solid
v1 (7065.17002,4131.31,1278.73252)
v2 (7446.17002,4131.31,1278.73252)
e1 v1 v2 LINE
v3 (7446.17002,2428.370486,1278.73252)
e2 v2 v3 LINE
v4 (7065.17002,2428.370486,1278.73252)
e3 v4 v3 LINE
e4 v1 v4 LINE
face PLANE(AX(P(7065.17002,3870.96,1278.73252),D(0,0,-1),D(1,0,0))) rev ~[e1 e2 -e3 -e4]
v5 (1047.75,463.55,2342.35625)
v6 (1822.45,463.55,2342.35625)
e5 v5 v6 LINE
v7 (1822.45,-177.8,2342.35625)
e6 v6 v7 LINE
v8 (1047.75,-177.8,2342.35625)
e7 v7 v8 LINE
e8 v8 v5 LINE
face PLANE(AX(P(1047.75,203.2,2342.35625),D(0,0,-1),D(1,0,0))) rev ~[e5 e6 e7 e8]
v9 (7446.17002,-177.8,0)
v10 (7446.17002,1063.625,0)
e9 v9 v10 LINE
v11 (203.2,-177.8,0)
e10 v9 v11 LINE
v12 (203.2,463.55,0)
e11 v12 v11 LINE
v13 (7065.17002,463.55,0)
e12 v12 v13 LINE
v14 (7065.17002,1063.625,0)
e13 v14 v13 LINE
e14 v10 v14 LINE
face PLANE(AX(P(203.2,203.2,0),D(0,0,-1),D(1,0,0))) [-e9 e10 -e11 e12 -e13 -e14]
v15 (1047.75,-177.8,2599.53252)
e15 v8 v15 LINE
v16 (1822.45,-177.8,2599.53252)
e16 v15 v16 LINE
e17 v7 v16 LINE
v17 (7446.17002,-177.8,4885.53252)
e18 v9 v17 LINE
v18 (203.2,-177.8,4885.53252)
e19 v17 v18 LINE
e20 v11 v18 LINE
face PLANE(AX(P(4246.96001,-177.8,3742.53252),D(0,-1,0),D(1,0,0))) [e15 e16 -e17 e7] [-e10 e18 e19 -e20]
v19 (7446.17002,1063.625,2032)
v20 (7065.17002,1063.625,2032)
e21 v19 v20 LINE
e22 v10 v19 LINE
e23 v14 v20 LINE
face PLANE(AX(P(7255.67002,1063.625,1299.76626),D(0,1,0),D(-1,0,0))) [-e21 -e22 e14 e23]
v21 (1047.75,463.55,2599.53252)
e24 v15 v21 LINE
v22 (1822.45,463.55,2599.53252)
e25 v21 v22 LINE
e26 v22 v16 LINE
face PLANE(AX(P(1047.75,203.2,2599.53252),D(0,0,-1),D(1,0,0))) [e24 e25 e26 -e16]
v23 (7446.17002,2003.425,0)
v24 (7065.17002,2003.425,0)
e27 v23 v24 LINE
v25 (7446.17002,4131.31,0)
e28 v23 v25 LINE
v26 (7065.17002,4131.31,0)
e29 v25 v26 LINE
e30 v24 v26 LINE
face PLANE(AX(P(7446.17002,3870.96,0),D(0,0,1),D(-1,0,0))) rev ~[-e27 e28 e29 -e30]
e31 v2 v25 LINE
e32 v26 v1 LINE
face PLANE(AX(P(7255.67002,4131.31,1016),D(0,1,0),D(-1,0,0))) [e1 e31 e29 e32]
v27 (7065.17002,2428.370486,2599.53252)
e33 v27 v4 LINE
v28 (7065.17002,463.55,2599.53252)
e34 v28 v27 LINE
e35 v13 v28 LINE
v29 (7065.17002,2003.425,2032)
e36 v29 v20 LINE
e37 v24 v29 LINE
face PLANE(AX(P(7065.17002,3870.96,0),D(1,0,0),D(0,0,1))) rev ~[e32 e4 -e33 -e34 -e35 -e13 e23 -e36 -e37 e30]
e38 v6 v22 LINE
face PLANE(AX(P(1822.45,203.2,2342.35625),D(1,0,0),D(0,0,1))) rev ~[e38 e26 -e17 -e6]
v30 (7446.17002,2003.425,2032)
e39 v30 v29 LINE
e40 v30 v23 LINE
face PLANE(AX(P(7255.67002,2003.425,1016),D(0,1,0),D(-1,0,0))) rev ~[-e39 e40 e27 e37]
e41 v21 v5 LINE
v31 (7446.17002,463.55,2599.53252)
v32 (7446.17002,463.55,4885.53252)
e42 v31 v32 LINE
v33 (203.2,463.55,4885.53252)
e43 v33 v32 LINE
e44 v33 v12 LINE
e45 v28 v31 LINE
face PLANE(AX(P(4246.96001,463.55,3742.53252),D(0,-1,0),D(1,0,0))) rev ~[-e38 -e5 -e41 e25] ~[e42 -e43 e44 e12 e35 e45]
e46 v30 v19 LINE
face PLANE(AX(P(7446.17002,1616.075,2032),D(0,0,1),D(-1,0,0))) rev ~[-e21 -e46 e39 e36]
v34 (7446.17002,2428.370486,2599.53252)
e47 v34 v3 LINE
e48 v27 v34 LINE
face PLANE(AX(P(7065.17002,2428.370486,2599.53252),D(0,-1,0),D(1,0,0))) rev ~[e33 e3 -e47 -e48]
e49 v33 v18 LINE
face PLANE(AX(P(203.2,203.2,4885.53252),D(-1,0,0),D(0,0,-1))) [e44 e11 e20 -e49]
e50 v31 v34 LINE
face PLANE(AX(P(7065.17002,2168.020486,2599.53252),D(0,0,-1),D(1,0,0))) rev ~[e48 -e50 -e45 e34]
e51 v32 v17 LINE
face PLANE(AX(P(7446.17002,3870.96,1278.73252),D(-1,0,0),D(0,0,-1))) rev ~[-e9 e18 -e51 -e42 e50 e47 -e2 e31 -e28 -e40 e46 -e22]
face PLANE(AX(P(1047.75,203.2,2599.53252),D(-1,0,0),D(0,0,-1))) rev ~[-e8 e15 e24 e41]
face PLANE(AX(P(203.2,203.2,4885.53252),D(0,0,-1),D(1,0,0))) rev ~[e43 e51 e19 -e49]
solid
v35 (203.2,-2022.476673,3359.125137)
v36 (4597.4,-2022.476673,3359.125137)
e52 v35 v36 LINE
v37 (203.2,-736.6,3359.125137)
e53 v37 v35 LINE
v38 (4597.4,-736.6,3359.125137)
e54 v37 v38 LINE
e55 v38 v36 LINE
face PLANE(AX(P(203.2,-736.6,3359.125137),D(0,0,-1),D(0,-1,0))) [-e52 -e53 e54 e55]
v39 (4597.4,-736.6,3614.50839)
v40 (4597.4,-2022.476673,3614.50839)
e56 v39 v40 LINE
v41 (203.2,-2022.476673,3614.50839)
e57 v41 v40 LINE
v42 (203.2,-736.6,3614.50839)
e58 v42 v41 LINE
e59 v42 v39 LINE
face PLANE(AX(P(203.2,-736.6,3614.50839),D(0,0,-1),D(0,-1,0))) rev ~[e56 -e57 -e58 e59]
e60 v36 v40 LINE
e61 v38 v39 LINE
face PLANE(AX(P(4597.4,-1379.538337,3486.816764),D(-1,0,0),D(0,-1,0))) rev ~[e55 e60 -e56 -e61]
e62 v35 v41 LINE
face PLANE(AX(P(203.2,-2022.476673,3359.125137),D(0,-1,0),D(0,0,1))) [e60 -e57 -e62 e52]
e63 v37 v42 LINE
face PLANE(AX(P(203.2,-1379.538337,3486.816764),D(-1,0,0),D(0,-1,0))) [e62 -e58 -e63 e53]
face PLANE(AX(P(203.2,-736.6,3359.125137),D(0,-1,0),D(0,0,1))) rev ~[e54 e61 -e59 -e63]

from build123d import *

# Parameters (mm, degrees)
F0_W      = 7268.37002
F0_H      = 4074.32002
F0_W_2    = 6861.97002
F0_H_2    = 3667.92002
F1_DEPTH  = 2599.53252
F2_W      = 431.8
F2_H      = 133.35
F3_DEPTH  = 203.2
F4_W      = 304.8
F4_H      = 254
F5_DEPTH  = 203.2
F6_DEPTH  = 381
F7_DEPTH  = 254
F8_DEPTH  = 106.68
F9_DEPTH  = 38.1
F10_DEPTH = 17.14627
F11_W     = 914.4
F11_H     = 2082.8
F12_DEPTH = 203.2
F13_DEPTH = 177.8
F14_DEPTH = 203.2
F15_DEPTH = 127
F16_DEPTH = 203.2
F17_DEPTH = 203.2
F18_DEPTH = 6861.97102
F19_DEPTH = 381
F20_W     = 381
F20_H     = 2599.53252
F21_DEPTH = 600.075
F22_W     = 381
F22_H     = 567.53252
F23_DEPTH = 812.8
F24_W     = 381
F24_H     = 2032
F24_H_2   = 567.53252
F25_DEPTH = 2254.885
F26_W     = 381
F26_H     = 1426.0795144653
F27_DEPTH = 1320.8
F28_DEPTH = 403.86
F29_DEPTH = 127
F30_DEPTH = 127
F31_DEPTH = 2286
F33_DEPTH = 381
F34_W     = 1285.8766731262
F34_H     = 255.3832530975
F35_DEPTH = 4394.2
F36_DEPTH = 260.35
F37_DEPTH = 260.35
F38_DEPTH = 260.35
F39_DEPTH = 260.35


with BuildPart() as f1:
    # F0 (on Top) → F1 (new body)
    with BuildSketch(Plane.XY):
        with Locations((3634.18501, 2037.16001)):
            Rectangle(F0_W, F0_H)
        with Locations((3634.18501, 2037.16001)):
            Rectangle(F0_W_2, F0_H_2, mode=Mode.SUBTRACT)
    extrude(amount=F1_DEPTH)

    # F2 (on Front) → F3 (cut)
    with BuildSketch(Plane.XZ):
        with Locations((1479.55, 2409.03125)):
            Rectangle(F2_W, F2_H)
    extrude(amount=-F3_DEPTH, mode=Mode.SUBTRACT)

    # F4 (on face) → F5 (cut)
    with BuildSketch(Plane(origin=(0, 203.2, 0), x_dir=(-1, 0, 0), z_dir=(0, 1, 0))):
        with Locations((-6077.74502, 2362.2)):
            Rectangle(F4_W, F4_H)
    extrude(amount=-F5_DEPTH, mode=Mode.SUBTRACT)

    # F6 (cut): a face of the model
    f6_faces = [f1.faces().sort_by_distance(p)[0] for p in [
        (1263.65, 101.6, 2409.03125),
    ]]
    extrude(f6_faces, amount=-F6_DEPTH, mode=Mode.SUBTRACT)

    # F7 (add, through all): a face of the model
    f7_faces = [f1.faces().sort_by_distance(p)[0] for p in [
        (6077.74502, 101.6, 2235.2),
    ]]
    extrude(f7_faces, amount=F7_DEPTH)

    # F8 (cut): a face of the model
    f8_faces = [f1.faces().sort_by_distance(p)[0] for p in [
        (1289.05, 101.6, 2475.70625),
    ]]
    extrude(f8_faces, amount=-F8_DEPTH, mode=Mode.SUBTRACT)

    # F9 (cut): a face of the model
    f9_faces = [f1.faces().sort_by_distance(p)[0] for p in [
        (882.65, 101.6, 2462.37125),
    ]]
    extrude(f9_faces, amount=-F9_DEPTH, mode=Mode.SUBTRACT)

    # F10 (cut, through all): a face of the model
    f10_faces = [f1.faces().sort_by_distance(p)[0] for p in [
        (1270, 101.6, 2582.38625),
    ]]
    extrude(f10_faces, amount=-F10_DEPTH, mode=Mode.SUBTRACT)

    # F11 (on face) → F12 (cut, through all)
    with BuildSketch(Plane(origin=(7065.17002, 0, 0), x_dir=(0, -1, 0), z_dir=(-1, 0, 0))):
        with Locations((-1260.475, 1041.4)):
            Rectangle(F11_W, F11_H)
    extrude(amount=-F12_DEPTH, mode=Mode.SUBTRACT)

    # F13 (add): a face of the model
    f13_faces = [f1.faces().sort_by_distance(p)[0] for p in [
        (3661.8874403743, 0, 1286.0429344876),
    ]]
    extrude(f13_faces, amount=F13_DEPTH)

    # F14 (add): a face of the model
    f14_faces = [f1.faces().sort_by_distance(p)[0] for p in [
        (844.55, 12.7, 2470.944385),
    ]]
    extrude(f14_faces, amount=F14_DEPTH)

    # F15 (cut): a face of the model
    f15_faces = [f1.faces().sort_by_distance(p)[0] for p in [
        (1695.45, 12.7, 2470.944385),
    ]]
    extrude(f15_faces, amount=-F15_DEPTH, mode=Mode.SUBTRACT)

    # F16 (cut, through all): a face of the model
    f16_faces = [f1.faces().sort_by_distance(p)[0] for p in [
        (7268.37002, 2091.4333965997, 1353.5493054131),
    ]]
    extrude(f16_faces, amount=-F16_DEPTH, mode=Mode.SUBTRACT)

    # F17 (cut, through all): a face of the model
    f17_faces = [f1.faces().sort_by_distance(p)[0] for p in [
        (0, 1948.26001, 1299.76626),
    ]]
    extrude(f17_faces, amount=-F17_DEPTH, mode=Mode.SUBTRACT)

    # F18 (cut, through all): a face of the model
    f18_faces = [f1.faces().sort_by_distance(p)[0] for p in [
        (7065.17002, 3972.72002, 1299.76626),
    ]]
    extrude(f18_faces, amount=-F18_DEPTH, mode=Mode.SUBTRACT)

    # F19 (add): a face of the model
    f19_faces = [f1.faces().sort_by_distance(p)[0] for p in [
        (7065.17002, 12.7, 1299.76626),
    ]]
    extrude(f19_faces, amount=F19_DEPTH)

    # F20 (on face) → F21 (join)
    with BuildSketch(Plane(origin=(0, 203.2, 0), x_dir=(-1, 0, 0), z_dir=(0, 1, 0))):
        with Locations((-7255.67002, 1299.76626)):
            Rectangle(F20_W, F20_H)
    extrude(amount=F21_DEPTH)

    # F22 (on face) → F23 (join)
    with BuildSketch(Plane(origin=(0, 803.275, 0), x_dir=(-1, 0, 0), z_dir=(0, 1, 0))):
        with Locations((-7255.67002, 2315.76626)):
            Rectangle(F22_W, F22_H)
    extrude(amount=F23_DEPTH)

    # F24 (on face) → F25 (join)
    with BuildSketch(Plane(origin=(0, 1616.075, 0), x_dir=(-1, 0, 0), z_dir=(0, 1, 0))):
        with Locations((-7255.67002, 1016)):
            Rectangle(F24_W, F24_H)
        with Locations((-7255.67002, 2315.76626)):
            Rectangle(F24_W, F24_H_2)
    extrude(amount=F25_DEPTH)

    # F26 (on face) → F27 (cut)
    with BuildSketch(Plane.XY.offset(2599.53252)):
        with Locations((7255.67002, 3157.9202427673)):
            Rectangle(F26_W, F26_H)
    extrude(amount=-F27_DEPTH, mode=Mode.SUBTRACT)

    # F28 (cut): a face of the model
    f28_faces = [f1.faces().sort_by_distance(p)[0] for p in [
        (7255.67002, 2444.8804855347, 1939.13252),
    ]]
    extrude(f28_faces, amount=-F28_DEPTH, mode=Mode.SUBTRACT)

    # F29 (cut): a face of the model
    f29_faces = [f1.faces().sort_by_distance(p)[0] for p in [
        (7255.67002, 1616.075, 1016),
    ]]
    extrude(f29_faces, amount=-F29_DEPTH, mode=Mode.SUBTRACT)

    # F30 (add): a face of the model
    f30_faces = [f1.faces().sort_by_distance(p)[0] for p in [
        (7255.67002, 2041.0204855347, 1939.13252),
    ]]
    extrude(f30_faces, amount=F30_DEPTH)

    # F31 (add): a face of the model
    f31_faces = [f1.faces().sort_by_distance(p)[0] for p in [
        (625.475, 12.7, 2599.53252),
    ]]
    extrude(f31_faces, amount=F31_DEPTH)

    # F32 (on face) → F33 (join, through all)
    with BuildSketch(Plane.XZ.offset(177.8)):
        Polygon((1047.75, 4885.53252), (1047.75, 2599.53252), (1822.45, 2599.53252), (7446.17002, 2599.53252), (7446.17002, 4885.53252), align=None)
    extrude(amount=-F33_DEPTH)

    # F36 (add): a face of the model
    f36_faces = [f1.faces().sort_by_distance(p)[0] for p in [
        (3739.2356692954, 203.2, 2475.7067959976),
    ]]
    extrude(f36_faces, amount=F36_DEPTH)

    # F37 (add): faces of the model
    f37_faces = [f1.faces().sort_by_distance(p)[0] for p in [
        (7255.67002, 2168.0204855347, 1939.13252),
        (7255.67002, 803.275, 1016),
    ]]
    extrude(f37_faces, amount=F37_DEPTH)

    # F38 (cut): a face of the model
    f38_faces = [f1.faces().sort_by_distance(p)[0] for p in [
        (7255.67002, 1743.075, 1016),
    ]]
    extrude(f38_faces, amount=-F38_DEPTH, mode=Mode.SUBTRACT)

    # F39 (add): a face of the model
    f39_faces = [f1.faces().sort_by_distance(p)[0] for p in [
        (7255.67002, 3870.96, 639.36626),
    ]]
    extrude(f39_faces, amount=F39_DEPTH)


with BuildPart() as f35:
    # F34 (on face) → F35 (new body)
    with BuildSketch(Plane(origin=(203.2, 0, 0), x_dir=(0, -1, 0), z_dir=(-1, 0, 0))):
        with Locations((1379.5383365631, 3486.8167638779)):
            Rectangle(F34_W, F34_H)
    extrude(amount=-F35_DEPTH)


solid = Compound([f1.part, f35.part])
